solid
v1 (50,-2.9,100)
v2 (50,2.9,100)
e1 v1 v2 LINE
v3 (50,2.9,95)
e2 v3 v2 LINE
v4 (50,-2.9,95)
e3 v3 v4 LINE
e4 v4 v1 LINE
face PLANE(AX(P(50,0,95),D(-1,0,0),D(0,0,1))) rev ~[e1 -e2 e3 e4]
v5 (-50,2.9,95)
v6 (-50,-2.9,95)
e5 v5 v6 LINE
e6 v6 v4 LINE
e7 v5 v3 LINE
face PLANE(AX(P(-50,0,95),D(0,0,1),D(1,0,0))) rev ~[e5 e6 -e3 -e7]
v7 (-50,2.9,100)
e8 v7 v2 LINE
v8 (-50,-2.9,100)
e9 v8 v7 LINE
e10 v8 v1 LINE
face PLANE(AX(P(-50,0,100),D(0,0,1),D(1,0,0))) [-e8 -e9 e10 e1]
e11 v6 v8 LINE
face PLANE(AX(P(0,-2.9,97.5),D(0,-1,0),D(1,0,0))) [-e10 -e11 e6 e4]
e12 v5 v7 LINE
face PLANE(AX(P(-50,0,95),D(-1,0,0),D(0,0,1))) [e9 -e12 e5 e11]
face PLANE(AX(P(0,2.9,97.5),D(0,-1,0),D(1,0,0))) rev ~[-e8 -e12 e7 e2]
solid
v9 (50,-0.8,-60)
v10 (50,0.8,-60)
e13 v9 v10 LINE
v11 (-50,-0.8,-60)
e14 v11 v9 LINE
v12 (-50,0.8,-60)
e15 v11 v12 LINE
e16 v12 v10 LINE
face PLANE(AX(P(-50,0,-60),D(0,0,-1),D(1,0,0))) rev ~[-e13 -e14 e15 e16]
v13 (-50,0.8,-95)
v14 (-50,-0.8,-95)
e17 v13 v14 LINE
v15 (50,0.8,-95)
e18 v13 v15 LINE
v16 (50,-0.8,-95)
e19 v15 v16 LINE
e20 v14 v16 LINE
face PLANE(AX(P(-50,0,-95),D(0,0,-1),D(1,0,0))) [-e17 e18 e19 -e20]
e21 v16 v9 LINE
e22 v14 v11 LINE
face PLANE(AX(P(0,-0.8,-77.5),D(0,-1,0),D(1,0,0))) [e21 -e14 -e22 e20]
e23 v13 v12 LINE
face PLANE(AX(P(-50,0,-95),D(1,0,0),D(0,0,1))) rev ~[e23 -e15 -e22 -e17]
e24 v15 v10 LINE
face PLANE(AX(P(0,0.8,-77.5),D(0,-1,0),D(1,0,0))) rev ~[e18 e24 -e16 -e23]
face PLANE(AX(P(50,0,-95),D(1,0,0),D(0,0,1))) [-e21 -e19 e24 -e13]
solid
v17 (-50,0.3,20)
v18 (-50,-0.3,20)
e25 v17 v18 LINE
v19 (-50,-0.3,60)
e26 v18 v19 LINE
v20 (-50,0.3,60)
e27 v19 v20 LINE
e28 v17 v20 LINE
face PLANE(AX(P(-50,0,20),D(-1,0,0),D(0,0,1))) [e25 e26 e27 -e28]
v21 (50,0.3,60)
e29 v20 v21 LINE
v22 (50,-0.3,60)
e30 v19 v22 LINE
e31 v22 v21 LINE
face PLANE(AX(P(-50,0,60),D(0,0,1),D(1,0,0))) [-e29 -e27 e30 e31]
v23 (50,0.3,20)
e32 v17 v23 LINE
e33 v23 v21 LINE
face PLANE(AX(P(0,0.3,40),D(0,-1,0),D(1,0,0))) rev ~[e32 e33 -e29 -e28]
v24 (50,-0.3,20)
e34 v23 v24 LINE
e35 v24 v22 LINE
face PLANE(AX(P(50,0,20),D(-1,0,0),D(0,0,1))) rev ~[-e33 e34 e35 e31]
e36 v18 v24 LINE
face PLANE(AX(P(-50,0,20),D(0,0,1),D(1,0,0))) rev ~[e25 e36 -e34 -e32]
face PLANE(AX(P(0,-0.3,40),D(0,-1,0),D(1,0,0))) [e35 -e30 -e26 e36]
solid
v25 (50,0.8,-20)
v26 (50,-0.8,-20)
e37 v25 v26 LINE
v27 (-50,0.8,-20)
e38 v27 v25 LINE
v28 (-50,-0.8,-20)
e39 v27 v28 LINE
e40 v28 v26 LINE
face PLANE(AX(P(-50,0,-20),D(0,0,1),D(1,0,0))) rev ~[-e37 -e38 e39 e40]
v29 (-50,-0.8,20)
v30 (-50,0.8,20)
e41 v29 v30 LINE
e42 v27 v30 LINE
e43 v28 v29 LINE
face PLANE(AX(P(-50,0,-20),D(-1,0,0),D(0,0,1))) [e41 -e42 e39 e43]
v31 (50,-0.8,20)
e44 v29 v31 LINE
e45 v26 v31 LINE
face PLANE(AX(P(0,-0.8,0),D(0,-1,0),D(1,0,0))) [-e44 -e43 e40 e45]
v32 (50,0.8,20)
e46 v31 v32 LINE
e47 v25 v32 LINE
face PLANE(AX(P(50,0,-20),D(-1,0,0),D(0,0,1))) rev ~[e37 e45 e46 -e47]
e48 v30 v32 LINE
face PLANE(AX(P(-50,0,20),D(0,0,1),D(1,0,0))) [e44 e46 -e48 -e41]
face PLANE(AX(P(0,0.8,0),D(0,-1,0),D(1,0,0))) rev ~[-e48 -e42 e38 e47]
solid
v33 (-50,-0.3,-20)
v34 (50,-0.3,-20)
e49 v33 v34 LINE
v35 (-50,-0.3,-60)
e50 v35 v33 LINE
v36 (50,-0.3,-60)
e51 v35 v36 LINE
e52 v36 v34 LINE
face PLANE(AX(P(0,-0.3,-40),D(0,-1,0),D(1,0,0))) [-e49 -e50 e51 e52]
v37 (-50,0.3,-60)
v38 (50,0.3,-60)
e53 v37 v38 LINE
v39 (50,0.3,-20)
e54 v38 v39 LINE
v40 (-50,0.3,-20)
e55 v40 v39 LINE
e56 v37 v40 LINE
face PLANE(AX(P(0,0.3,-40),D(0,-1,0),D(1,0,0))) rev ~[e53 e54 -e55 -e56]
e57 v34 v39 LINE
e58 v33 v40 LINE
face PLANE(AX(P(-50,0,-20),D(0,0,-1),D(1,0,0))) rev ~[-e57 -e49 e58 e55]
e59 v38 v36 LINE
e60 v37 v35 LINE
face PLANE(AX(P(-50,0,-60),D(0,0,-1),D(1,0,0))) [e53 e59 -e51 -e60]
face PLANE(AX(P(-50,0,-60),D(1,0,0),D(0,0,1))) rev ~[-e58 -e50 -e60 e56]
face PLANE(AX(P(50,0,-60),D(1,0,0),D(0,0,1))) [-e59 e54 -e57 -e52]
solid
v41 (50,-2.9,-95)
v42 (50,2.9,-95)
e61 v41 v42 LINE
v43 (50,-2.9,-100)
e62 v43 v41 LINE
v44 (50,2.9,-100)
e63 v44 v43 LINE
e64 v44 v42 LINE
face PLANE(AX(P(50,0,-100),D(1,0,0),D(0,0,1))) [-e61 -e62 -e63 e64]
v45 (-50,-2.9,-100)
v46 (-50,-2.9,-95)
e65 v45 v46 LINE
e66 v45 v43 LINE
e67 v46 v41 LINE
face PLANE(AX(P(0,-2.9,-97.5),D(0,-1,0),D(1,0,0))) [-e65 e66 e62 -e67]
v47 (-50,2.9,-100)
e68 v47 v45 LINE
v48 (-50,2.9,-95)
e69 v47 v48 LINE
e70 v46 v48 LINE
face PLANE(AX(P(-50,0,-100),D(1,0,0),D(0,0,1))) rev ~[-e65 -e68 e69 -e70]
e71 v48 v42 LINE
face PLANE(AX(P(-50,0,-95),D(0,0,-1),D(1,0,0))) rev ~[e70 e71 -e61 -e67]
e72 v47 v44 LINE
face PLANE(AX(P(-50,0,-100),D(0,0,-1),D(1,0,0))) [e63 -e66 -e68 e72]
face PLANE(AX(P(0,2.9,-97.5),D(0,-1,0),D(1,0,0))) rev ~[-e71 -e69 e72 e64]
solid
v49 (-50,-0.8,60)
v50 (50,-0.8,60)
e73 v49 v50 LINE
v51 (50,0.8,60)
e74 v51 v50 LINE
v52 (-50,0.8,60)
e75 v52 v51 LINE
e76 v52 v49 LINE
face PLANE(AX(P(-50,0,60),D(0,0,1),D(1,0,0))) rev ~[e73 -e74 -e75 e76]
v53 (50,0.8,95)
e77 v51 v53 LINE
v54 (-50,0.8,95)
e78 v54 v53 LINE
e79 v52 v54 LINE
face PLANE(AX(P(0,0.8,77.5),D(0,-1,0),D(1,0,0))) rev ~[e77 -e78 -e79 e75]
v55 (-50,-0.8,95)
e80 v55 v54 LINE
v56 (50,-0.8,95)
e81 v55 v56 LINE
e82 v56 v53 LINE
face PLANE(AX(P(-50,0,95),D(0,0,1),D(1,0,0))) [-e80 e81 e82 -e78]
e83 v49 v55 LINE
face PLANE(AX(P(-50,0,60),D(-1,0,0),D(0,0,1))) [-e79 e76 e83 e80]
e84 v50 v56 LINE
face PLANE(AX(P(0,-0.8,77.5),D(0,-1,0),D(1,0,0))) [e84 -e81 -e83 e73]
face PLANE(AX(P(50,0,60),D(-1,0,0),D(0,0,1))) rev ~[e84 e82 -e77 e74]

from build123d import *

# Parameters (mm, degrees)
F0_W     = 100
F0_H     = 5
F1_DEPTH = 2.9
F0_H_2   = 35
F0_H_3   = 40
F2_DEPTH = 0.8
F3_DEPTH = 0.3


with BuildPart() as f1:
    # F0 (on Front) → F1 (new body, symmetric)
    with BuildSketch(Plane.XZ):
        with Locations((0, 97.5)):
            Rectangle(F0_W, F0_H)
        with Locations((0, -97.5)):
            Rectangle(F0_W, F0_H)
    extrude(amount=F1_DEPTH, both=True)


with BuildPart() as f2:
    # F0 (on Front) → F2 (new body, symmetric)
    with BuildSketch(Plane.XZ):
        with Locations((0, 77.5)):
            Rectangle(F0_W, F0_H_2)
        Rectangle(F0_W, F0_H_3)
        with Locations((0, -77.5)):
            Rectangle(F0_W, F0_H_2)
    extrude(amount=F2_DEPTH, both=True)


with BuildPart() as f3:
    # F0 (on Front) → F3 (new body, symmetric)
    with BuildSketch(Plane.XZ):
        with Locations((0, 40)):
            Rectangle(F0_W, F0_H_3)
        with Locations((0, -40)):
            Rectangle(F0_W, F0_H_3)
    extrude(amount=F3_DEPTH, both=True)


solid = Compound([f1.part, f2.part, f3.part])
